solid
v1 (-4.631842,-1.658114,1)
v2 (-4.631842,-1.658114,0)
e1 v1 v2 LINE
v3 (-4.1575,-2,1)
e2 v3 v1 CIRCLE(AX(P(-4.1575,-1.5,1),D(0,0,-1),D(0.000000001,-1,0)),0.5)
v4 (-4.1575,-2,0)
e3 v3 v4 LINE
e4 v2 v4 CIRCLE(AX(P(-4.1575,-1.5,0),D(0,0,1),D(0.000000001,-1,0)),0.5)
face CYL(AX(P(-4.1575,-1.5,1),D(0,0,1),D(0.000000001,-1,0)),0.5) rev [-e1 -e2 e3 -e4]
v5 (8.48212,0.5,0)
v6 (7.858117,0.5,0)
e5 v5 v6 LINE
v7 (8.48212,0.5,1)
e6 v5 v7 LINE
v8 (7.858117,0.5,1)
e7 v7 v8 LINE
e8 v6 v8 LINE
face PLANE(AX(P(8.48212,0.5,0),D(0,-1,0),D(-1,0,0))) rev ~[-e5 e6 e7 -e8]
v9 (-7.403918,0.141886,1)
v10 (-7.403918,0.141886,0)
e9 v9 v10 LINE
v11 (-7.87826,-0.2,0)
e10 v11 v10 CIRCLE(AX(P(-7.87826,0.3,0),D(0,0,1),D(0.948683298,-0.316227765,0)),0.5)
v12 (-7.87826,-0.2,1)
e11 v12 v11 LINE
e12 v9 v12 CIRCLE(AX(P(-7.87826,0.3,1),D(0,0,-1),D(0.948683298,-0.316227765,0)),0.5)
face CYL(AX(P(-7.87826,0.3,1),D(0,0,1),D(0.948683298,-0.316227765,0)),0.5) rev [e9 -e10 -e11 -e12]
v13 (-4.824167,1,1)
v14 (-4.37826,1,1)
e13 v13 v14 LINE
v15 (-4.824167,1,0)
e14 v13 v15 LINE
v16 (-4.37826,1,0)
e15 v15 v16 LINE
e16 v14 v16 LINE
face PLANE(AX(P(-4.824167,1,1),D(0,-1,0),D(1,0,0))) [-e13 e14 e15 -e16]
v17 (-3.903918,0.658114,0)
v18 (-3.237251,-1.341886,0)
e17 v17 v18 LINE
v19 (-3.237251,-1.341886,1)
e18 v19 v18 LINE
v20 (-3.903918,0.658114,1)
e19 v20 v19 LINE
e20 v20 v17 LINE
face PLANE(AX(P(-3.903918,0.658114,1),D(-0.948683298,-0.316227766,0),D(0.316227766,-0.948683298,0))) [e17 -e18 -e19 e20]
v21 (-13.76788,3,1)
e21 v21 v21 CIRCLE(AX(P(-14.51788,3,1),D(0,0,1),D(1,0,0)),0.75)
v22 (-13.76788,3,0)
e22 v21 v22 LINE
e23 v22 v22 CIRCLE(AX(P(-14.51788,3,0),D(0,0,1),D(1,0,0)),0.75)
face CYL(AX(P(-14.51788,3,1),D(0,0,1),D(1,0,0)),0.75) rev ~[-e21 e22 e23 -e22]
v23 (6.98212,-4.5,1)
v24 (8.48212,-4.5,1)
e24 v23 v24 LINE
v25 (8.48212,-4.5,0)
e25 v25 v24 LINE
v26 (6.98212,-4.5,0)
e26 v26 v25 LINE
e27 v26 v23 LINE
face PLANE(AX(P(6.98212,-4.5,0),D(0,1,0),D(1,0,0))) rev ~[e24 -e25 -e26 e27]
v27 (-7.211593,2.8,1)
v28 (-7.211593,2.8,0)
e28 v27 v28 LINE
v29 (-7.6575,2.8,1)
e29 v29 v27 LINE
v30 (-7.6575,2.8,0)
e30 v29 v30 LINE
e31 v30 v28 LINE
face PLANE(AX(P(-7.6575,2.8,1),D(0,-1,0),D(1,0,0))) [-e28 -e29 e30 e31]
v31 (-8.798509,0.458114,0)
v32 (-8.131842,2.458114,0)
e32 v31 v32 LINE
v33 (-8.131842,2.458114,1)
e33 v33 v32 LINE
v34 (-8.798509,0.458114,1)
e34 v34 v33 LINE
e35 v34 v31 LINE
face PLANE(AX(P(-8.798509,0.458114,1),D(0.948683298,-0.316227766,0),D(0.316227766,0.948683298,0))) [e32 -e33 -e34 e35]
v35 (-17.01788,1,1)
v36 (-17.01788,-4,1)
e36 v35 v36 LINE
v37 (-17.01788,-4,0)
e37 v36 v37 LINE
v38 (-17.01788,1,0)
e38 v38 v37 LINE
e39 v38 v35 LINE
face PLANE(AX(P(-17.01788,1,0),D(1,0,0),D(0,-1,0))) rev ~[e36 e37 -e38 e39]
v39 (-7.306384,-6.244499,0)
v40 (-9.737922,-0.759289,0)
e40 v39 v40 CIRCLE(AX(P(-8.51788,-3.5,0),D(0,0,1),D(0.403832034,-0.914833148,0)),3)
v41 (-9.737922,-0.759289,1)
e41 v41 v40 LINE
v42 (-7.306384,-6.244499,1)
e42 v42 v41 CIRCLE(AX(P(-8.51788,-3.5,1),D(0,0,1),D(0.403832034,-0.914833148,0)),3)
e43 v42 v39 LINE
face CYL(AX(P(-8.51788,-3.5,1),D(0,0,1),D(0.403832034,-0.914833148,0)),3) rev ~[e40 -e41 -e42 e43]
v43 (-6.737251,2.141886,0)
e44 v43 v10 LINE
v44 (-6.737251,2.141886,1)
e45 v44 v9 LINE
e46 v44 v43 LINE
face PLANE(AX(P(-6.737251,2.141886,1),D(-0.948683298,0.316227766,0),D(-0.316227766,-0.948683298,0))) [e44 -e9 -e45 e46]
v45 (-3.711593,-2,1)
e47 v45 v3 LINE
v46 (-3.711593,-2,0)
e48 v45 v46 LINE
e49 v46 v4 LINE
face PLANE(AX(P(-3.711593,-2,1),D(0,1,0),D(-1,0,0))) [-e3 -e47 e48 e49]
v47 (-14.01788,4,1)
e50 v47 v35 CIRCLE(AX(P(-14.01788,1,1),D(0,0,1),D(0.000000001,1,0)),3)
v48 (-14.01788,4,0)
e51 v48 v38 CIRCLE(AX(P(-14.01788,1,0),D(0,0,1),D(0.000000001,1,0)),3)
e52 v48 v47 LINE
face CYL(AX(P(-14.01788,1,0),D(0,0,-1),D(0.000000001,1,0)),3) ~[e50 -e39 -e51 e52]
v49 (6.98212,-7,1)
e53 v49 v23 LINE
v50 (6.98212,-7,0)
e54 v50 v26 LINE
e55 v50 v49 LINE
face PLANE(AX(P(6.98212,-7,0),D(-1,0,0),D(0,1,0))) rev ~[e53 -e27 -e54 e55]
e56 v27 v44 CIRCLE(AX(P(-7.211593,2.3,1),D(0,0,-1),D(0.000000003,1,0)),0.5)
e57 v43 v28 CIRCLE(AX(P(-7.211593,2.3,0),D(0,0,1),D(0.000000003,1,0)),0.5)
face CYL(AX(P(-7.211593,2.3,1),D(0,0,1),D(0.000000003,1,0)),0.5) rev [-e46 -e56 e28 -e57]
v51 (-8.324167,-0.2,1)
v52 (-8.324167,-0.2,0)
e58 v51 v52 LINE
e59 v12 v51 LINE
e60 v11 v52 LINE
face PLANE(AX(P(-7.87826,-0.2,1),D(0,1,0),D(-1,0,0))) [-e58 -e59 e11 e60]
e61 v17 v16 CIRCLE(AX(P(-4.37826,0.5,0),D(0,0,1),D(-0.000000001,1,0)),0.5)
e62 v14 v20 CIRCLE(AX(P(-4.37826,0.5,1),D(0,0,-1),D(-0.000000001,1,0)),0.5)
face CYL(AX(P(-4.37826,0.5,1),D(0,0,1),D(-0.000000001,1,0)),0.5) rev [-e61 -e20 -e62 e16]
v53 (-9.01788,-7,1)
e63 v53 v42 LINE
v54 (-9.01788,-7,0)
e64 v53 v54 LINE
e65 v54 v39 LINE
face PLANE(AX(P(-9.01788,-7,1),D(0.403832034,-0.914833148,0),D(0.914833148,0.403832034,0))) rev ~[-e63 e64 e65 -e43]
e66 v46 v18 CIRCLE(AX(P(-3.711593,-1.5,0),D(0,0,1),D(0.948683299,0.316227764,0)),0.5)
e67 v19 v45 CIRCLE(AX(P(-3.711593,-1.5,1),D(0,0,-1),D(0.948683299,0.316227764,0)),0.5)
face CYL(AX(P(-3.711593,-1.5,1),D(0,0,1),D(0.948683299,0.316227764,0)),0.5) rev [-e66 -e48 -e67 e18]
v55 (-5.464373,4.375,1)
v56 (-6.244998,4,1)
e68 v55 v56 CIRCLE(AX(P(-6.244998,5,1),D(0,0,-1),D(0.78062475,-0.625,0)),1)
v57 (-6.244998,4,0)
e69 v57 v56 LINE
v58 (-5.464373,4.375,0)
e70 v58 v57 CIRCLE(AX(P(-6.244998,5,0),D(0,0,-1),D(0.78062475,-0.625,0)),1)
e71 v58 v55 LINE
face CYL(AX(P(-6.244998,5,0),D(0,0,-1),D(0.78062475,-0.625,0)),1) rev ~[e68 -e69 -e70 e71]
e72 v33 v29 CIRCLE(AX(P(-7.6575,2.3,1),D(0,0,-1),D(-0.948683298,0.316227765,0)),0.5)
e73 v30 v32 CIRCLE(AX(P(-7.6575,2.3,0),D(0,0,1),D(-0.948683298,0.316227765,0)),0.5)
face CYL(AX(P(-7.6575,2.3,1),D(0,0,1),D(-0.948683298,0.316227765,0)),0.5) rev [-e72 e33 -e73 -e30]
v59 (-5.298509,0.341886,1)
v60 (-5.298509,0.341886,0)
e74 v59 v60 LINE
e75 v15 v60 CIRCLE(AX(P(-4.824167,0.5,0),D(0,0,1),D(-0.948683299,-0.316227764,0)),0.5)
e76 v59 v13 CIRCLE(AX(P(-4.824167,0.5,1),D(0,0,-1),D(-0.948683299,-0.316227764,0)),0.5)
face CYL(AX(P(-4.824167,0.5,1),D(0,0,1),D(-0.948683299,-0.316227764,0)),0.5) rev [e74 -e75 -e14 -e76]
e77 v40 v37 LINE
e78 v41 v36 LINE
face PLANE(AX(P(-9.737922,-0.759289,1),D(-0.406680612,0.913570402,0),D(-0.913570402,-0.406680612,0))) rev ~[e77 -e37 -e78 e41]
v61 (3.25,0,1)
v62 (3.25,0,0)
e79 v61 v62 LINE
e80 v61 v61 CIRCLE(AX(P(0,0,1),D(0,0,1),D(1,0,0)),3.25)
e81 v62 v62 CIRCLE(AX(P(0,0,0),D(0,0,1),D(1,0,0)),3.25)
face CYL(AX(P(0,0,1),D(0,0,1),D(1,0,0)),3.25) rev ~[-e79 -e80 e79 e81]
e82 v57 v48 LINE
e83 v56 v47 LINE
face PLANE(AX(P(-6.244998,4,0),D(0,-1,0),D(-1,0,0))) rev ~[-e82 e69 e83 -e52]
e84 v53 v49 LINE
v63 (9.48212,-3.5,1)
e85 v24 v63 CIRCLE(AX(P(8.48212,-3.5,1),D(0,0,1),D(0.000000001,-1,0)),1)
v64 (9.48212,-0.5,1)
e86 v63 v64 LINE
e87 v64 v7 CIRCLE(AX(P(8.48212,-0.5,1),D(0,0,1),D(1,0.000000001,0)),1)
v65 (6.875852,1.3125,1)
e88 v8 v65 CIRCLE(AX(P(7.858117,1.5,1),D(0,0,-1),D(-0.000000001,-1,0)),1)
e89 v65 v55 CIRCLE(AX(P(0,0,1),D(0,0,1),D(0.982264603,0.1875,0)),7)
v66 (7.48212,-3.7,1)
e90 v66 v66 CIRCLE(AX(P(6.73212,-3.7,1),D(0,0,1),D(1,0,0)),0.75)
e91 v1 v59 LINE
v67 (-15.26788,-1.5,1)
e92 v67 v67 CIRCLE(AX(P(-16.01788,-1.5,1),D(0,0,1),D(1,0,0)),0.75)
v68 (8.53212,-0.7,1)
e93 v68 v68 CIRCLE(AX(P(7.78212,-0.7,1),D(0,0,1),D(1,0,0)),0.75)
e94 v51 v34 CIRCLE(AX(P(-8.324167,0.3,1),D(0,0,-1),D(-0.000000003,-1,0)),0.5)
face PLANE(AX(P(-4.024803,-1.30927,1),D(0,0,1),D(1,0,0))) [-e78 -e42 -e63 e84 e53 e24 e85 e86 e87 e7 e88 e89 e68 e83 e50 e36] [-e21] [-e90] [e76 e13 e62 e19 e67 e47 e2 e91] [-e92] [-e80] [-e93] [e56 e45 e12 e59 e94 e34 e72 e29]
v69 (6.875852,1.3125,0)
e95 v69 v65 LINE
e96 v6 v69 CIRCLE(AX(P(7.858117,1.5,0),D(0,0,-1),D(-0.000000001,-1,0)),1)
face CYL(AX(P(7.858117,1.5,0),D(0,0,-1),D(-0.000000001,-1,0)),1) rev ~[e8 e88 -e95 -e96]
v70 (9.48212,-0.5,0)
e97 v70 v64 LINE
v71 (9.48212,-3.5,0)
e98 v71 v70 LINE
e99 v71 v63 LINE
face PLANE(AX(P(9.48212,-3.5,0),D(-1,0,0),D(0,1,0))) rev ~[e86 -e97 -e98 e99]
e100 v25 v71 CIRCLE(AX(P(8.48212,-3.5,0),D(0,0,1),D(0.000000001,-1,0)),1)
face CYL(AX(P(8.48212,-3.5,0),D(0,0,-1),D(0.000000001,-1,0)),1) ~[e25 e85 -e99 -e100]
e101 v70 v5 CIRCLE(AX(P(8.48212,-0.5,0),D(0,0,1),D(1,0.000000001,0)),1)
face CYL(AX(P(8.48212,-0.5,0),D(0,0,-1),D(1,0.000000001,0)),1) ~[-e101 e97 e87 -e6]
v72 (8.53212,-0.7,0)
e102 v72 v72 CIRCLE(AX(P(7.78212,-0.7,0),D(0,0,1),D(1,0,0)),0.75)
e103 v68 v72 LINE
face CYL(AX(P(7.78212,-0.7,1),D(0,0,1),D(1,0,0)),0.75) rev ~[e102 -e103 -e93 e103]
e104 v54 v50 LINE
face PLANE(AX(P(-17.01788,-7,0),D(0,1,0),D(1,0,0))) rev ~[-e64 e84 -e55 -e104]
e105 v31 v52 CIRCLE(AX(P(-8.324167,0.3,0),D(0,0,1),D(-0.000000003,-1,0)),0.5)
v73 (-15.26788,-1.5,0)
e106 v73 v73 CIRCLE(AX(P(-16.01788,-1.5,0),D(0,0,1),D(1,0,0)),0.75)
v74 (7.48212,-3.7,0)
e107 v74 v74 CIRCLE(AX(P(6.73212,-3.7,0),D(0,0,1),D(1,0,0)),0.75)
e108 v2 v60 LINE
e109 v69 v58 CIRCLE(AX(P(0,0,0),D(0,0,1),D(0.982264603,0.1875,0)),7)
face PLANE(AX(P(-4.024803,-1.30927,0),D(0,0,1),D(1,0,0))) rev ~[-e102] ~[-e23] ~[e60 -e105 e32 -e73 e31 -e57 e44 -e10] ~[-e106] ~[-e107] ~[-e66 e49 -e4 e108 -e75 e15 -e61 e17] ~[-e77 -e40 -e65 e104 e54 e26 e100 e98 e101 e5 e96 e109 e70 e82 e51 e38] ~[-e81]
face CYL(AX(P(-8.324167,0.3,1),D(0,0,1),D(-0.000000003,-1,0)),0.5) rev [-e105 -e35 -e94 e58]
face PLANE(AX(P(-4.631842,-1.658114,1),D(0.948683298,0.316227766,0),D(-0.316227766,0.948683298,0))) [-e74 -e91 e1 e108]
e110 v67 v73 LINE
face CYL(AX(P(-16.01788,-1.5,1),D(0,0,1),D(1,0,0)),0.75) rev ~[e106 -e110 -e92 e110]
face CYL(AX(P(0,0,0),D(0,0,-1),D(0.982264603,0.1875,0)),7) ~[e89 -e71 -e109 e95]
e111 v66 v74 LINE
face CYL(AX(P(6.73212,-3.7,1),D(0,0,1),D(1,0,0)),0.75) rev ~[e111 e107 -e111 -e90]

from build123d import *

# Parameters (mm, degrees)
BOSS_EXTRUDE1_DEPTH = 1
SKETCH3_R           = 3.25
CUT_EXTRUDE2_DEPTH  = 10
SKETCH4_R           = 0.75
CUT_EXTRUDE3_DEPTH  = 10


with BuildPart() as part:
    # Sketch1 → Boss-Extrude1 (new body)
    with BuildSketch(Plane.XY):
        with BuildLine():
            Line((-17.017879978, -7), (6.982120022, -7))
            Line((6.982120022, -7), (6.982120022, -5.5))
            Line((6.982120022, -5.5), (6.982120022, -4.5))
            Line((6.982120022, -4.5), (7.982120022, -4.5))
            Line((7.982120022, -4.5), (8.482120022, -4.5))
            ThreePointArc((8.482120022, -4.5), (9.189226803, -4.207106781), (9.482120022, -3.5))
            Line((9.482120022, -3.5), (9.482120022, -0.5))
            ThreePointArc((9.482120022, -0.5), (9.189226803, 0.207106781), (8.482120022, 0.5))
            Line((8.482120022, 0.5), (7.858116823, 0.5))
            ThreePointArc((7.858116823, 0.5), (7.220739384, 0.72944825), (6.87585222, 1.3125))
            ThreePointArc((6.87585222, 1.3125), (1.68605895, 6.793909421), (-5.464373249, 4.375))
            ThreePointArc((-5.464373249, 4.375), (-5.811985297, 4.098612181), (-6.244997998, 4))
            Line((-6.244997998, 4), (-14.017879978, 4))
            ThreePointArc((-14.017879978, 4), (-16.139200322, 3.121320344), (-17.017879978, 1))
            Line((-17.017879978, 1), (-17.017879978, -7))
        make_face()
    extrude(amount=BOSS_EXTRUDE1_DEPTH)

    # Sketch3 → Cut-Extrude2 (cut)
    with BuildSketch(Plane.XY.offset(1)):
        with BuildLine():
            Line((-9.737921814, -0.759288793), (-17.017879978, -4))
            Line((-17.017879978, -4), (-17.017879978, -7))
            Line((-17.017879978, -7), (-9.017879978, -7))
            Line((-9.017879978, -7), (-7.306383876, -6.244499443))
            ThreePointArc((-7.306383876, -6.244499443), (-5.775271325, -2.284229555), (-9.737921814, -0.759288793))
        make_face()
        with BuildLine():
            ThreePointArc((-8.131842017, 2.458113883), (-7.94985551, 2.705621093), (-7.657500368, 2.8))
            Line((-7.657500368, 2.8), (-7.211592921, 2.8))
            ThreePointArc((-7.211592921, 2.8), (-6.805971829, 2.592355142), (-6.737251272, 2.141886117))
            Line((-6.737251272, 2.141886117), (-7.403917939, 0.141886117))
            ThreePointArc((-7.403917939, 0.141886117), (-7.585904446, -0.105621093), (-7.878259588, -0.2))
            Line((-7.878259588, -0.2), (-8.324167035, -0.2))
            ThreePointArc((-8.324167035, -0.2), (-8.729788127, 0.007644858), (-8.798508684, 0.458113883))
            Line((-8.798508684, 0.458113883), (-8.131842017, 2.458113883))
        make_face()
        with BuildLine():
            ThreePointArc((-5.298508684, 0.341886117), (-5.229788127, 0.792355142), (-4.824167035, 1))
            Line((-4.824167035, 1), (-4.378259588, 1))
            ThreePointArc((-4.378259588, 1), (-4.085904446, 0.905621093), (-3.903917939, 0.658113883))
            Line((-3.903917939, 0.658113883), (-3.237251272, -1.341886117))
            ThreePointArc((-3.237251272, -1.341886117), (-3.305971829, -1.792355142), (-3.711592921, -2))
            Line((-3.711592921, -2), (-4.157500368, -2))
            ThreePointArc((-4.157500368, -2), (-4.44985551, -1.905621093), (-4.631842017, -1.658113883))
            Line((-4.631842017, -1.658113883), (-5.298508684, 0.341886117))
        make_face()
        Circle(SKETCH3_R)
    extrude(amount=-CUT_EXTRUDE2_DEPTH, mode=Mode.SUBTRACT)

    # Sketch4 → Cut-Extrude3 (cut)
    with BuildSketch(Plane.XY.offset(1)):
        with Locations((-14.517879978, 3)):
            Circle(SKETCH4_R)
        with Locations((-16.017879978, -1.5)):
            Circle(SKETCH4_R)
        with Locations((7.782120022, -0.7)):
            Circle(SKETCH4_R)
        with Locations((6.732120022, -3.7)):
            Circle(SKETCH4_R)
    extrude(amount=-CUT_EXTRUDE3_DEPTH, mode=Mode.SUBTRACT)


solid = part.part
